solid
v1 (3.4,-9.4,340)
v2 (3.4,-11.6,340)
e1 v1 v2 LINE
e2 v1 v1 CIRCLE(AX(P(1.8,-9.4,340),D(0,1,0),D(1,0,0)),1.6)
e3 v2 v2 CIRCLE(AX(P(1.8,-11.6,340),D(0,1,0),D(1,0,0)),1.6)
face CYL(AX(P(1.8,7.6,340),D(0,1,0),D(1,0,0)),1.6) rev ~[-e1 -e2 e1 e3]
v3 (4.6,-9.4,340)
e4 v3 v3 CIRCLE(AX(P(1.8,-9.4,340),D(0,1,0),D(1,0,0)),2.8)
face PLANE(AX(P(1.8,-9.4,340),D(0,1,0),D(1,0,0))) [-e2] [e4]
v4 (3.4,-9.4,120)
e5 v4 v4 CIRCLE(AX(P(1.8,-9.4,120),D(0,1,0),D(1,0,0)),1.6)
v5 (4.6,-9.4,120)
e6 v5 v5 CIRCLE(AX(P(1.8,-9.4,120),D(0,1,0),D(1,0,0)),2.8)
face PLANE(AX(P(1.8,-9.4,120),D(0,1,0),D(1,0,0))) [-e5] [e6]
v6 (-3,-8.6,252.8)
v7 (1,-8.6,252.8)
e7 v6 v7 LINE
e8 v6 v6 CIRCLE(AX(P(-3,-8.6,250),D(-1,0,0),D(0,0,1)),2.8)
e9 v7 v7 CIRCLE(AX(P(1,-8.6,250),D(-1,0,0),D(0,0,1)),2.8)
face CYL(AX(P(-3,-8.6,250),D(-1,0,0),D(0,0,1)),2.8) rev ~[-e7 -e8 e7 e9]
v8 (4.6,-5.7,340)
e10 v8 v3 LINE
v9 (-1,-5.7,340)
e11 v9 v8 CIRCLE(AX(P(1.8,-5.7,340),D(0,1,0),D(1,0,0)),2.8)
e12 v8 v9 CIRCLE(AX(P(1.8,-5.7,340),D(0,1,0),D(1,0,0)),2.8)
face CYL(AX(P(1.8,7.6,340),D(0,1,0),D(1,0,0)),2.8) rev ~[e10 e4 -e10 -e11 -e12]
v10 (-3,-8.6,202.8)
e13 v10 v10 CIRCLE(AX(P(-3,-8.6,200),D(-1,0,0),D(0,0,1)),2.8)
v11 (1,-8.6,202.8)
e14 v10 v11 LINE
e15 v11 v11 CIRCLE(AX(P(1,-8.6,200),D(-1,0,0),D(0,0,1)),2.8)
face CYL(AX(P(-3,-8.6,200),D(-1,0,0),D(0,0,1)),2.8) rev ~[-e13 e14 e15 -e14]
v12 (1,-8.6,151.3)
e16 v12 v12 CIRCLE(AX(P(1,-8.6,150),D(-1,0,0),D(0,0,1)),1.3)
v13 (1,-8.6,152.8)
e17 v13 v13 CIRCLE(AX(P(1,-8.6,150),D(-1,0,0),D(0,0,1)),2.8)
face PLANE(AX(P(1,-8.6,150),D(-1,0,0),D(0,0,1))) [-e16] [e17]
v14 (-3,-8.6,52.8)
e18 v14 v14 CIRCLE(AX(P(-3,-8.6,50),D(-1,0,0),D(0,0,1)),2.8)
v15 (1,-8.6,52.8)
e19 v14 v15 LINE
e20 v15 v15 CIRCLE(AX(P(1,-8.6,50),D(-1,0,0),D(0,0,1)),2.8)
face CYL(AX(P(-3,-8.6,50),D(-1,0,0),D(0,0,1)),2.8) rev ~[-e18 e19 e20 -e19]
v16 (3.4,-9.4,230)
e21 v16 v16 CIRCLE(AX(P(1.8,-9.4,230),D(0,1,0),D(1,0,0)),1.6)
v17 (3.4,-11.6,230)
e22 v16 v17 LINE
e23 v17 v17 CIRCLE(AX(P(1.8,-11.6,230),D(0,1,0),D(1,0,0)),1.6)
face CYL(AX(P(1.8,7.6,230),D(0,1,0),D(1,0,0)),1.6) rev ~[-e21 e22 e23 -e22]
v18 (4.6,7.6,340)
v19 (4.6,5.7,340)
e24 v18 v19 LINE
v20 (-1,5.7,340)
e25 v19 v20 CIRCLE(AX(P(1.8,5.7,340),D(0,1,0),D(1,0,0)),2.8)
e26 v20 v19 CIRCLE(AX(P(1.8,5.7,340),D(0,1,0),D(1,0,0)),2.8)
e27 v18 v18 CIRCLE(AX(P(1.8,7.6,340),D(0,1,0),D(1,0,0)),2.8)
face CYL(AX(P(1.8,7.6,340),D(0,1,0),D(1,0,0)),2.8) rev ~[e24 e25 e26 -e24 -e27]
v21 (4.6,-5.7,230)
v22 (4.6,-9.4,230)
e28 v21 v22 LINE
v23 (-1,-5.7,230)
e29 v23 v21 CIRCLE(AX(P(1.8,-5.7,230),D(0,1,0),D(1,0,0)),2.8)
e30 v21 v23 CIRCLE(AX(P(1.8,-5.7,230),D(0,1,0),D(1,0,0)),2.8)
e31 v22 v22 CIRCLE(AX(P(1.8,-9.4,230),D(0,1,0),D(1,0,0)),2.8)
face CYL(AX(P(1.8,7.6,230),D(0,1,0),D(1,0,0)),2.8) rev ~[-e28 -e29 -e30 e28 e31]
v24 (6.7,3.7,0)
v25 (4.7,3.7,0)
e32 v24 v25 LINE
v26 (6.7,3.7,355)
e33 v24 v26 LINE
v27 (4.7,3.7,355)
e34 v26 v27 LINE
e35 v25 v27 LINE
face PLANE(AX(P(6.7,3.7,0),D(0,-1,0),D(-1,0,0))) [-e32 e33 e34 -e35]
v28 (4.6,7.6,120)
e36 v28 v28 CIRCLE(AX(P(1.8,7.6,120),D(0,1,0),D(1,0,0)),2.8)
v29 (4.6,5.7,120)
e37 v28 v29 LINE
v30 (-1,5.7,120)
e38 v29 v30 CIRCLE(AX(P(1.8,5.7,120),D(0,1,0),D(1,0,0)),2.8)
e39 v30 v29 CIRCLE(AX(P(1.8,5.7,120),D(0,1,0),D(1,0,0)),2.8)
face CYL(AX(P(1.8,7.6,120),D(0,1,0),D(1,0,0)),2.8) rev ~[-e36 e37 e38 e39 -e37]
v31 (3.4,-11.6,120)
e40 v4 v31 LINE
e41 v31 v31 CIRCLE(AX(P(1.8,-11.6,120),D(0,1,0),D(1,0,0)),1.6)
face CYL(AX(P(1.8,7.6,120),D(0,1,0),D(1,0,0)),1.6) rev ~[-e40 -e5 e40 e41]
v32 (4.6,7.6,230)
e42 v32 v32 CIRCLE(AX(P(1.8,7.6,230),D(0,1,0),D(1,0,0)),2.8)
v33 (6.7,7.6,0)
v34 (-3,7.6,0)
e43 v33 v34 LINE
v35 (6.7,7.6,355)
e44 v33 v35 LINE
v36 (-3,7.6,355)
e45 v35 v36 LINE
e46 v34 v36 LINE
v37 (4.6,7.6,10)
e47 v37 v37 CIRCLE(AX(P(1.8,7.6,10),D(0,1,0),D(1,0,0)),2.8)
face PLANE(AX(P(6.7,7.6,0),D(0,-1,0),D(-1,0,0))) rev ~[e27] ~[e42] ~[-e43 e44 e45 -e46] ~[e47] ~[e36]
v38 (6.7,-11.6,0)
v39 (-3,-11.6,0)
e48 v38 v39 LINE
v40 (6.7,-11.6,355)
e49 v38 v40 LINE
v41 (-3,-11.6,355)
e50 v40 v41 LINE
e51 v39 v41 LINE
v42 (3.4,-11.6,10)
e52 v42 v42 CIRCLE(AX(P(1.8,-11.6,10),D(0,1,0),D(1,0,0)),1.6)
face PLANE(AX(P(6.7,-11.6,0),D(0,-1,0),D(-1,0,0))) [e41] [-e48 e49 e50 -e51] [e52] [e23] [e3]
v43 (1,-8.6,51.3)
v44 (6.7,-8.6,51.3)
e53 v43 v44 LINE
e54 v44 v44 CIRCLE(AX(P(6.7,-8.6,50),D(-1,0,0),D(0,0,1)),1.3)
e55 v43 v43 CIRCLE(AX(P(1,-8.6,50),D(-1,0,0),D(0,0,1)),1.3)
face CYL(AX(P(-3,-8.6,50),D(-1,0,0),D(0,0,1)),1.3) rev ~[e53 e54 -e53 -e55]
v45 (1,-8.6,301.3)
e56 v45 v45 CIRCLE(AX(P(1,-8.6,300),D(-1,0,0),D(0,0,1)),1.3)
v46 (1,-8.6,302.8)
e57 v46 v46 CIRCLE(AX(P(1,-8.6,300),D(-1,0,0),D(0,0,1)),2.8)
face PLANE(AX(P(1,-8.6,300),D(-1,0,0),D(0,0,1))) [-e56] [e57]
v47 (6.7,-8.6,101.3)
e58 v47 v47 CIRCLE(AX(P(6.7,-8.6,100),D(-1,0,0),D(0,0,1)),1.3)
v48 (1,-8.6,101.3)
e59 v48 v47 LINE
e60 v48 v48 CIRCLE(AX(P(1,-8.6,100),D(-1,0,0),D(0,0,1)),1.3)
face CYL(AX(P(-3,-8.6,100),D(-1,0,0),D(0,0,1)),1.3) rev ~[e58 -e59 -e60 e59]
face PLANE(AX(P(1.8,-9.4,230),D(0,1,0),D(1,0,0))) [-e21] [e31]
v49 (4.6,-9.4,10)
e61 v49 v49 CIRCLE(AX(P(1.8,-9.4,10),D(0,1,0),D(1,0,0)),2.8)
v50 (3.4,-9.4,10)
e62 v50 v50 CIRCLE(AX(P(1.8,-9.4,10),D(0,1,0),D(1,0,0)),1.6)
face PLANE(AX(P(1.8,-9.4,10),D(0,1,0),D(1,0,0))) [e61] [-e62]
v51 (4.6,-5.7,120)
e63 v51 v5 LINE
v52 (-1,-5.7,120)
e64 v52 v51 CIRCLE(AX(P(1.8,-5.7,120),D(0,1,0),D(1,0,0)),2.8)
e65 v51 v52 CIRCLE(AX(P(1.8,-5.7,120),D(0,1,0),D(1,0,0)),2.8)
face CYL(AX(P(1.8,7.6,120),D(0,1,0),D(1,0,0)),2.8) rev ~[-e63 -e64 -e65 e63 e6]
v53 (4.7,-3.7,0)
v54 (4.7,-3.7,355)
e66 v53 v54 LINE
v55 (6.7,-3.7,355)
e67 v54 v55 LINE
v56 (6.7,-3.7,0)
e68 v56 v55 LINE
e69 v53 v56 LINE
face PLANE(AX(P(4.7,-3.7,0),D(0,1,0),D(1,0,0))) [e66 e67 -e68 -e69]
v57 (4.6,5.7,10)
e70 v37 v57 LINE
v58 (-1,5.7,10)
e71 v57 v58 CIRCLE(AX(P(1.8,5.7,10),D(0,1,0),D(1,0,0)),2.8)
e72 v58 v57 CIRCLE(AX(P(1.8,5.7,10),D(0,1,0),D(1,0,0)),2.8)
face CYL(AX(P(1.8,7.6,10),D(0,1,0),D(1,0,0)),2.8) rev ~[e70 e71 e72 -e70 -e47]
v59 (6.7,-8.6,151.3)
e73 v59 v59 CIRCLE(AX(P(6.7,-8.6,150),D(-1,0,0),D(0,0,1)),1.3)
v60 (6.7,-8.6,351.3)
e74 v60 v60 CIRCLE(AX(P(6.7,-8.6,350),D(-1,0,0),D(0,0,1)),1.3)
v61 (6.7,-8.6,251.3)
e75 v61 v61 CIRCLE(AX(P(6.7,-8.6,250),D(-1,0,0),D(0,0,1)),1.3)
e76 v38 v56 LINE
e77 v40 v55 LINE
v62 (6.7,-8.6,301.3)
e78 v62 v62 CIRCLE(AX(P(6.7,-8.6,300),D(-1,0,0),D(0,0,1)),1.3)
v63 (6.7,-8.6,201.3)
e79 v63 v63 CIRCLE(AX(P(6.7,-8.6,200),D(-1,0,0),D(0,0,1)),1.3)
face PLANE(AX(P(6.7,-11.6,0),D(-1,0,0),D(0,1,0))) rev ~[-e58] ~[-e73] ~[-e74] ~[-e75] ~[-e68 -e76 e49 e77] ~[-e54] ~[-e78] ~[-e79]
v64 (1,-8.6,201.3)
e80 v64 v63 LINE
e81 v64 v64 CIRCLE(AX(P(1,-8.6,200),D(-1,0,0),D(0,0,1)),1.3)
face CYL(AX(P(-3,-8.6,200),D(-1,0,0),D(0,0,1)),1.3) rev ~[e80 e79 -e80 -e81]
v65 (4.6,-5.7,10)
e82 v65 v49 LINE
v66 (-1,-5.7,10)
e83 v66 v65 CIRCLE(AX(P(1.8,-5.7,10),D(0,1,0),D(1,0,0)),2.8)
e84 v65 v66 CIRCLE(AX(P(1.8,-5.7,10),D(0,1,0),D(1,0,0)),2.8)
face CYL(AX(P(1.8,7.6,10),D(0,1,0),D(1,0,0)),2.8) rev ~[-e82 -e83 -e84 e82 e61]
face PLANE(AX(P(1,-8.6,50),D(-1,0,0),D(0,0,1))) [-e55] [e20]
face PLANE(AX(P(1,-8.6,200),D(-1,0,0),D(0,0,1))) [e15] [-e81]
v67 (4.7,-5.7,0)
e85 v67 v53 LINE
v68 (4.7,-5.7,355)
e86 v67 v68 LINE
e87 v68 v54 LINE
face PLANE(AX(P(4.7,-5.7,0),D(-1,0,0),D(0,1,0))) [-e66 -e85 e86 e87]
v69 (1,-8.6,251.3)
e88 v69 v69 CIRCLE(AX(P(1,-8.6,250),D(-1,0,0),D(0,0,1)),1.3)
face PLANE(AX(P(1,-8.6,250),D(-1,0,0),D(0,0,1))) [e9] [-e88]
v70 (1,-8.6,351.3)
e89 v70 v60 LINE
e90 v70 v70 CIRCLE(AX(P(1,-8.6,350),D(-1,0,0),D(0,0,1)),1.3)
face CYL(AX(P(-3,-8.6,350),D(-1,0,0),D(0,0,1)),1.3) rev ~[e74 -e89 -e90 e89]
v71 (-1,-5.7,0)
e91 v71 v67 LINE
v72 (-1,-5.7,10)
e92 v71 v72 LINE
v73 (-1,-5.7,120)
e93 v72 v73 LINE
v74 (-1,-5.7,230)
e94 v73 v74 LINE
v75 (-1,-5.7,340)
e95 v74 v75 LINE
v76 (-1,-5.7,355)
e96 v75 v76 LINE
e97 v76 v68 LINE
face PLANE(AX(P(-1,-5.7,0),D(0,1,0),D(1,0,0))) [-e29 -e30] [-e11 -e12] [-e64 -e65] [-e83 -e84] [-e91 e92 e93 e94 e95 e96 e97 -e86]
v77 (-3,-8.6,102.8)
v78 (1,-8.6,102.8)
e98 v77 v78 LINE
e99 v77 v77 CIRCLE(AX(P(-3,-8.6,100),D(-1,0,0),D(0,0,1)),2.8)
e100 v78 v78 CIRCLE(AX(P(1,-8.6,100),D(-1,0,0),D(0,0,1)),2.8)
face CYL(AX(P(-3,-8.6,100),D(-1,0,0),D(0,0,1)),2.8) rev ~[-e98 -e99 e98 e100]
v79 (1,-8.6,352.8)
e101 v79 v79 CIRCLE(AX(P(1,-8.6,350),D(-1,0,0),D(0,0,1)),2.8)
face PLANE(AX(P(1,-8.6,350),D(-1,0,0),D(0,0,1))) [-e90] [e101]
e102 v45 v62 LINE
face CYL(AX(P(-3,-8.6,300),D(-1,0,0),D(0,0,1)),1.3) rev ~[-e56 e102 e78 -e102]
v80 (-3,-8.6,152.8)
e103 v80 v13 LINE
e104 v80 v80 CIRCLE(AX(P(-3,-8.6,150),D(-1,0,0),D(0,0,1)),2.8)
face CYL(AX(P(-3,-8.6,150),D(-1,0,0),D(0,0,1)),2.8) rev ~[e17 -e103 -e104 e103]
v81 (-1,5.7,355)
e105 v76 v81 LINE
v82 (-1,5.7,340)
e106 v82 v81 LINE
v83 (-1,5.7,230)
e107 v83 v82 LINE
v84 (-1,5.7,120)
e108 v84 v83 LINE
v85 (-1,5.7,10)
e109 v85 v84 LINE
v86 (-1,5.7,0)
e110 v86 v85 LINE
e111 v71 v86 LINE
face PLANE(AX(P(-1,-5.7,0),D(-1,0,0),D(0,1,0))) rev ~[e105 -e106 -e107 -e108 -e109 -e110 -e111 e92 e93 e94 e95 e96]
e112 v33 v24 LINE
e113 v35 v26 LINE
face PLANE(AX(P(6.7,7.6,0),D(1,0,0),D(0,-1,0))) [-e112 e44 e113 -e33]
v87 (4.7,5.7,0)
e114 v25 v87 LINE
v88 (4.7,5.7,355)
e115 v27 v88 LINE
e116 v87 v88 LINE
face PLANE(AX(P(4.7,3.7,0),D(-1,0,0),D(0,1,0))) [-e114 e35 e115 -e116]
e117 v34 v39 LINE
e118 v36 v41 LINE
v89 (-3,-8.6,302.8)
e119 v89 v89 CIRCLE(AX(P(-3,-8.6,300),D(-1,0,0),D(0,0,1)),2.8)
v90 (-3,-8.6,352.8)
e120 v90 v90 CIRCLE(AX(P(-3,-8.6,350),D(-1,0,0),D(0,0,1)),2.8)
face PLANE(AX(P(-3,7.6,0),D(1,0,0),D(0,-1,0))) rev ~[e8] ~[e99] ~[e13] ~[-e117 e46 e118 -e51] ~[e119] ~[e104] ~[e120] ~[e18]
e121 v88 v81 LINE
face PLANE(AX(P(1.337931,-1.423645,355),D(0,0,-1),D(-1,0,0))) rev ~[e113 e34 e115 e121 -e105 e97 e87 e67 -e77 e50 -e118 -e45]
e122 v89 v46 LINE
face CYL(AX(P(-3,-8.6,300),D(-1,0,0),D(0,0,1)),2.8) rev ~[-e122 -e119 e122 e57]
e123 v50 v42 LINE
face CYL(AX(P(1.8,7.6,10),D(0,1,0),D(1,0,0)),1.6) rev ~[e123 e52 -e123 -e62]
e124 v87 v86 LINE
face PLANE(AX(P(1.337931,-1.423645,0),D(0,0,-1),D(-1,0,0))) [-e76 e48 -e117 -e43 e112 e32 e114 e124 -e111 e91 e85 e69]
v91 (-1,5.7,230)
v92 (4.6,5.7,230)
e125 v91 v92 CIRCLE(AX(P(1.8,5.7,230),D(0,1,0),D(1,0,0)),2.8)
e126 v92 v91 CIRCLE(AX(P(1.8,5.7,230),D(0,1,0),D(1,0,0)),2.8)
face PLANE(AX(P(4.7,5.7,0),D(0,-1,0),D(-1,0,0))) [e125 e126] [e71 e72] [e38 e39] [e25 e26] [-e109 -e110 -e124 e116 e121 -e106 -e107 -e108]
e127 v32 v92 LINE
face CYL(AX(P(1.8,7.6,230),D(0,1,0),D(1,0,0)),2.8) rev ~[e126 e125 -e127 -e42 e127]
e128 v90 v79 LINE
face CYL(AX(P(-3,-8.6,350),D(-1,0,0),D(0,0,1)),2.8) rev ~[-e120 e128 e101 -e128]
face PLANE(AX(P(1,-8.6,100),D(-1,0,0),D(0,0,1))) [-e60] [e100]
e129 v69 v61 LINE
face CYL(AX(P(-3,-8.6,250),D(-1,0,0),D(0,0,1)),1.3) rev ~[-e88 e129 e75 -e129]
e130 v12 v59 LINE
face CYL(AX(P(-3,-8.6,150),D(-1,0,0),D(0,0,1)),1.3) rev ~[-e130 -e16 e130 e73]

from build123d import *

# Parameters (mm, degrees)
EXTRUDE_1_DEPTH          = 355
SKETCH_2_R               = 1.3
CUT_EXTRUDE_1_DEPTH      = 1
CUT_EXTRUDE_1_DEPTH_BACK = 10.7
SKETCH_2_3_R             = 2.8
SKETCH_2_3_R_2           = 1.3
CUT_EXTRUDE_2_DEPTH      = 1
CUT_EXTRUDE_2_DEPTH_BACK = 4
SKETCH_13_R              = 2.8
SKETCH_13_R_2            = 1.6
CUT_EXTRUDE_11_DEPTH     = 17
SKETCH_13_4_R            = 1.6
CUT_EXTRUDE_12_DEPTH     = 20.2


with BuildPart() as part:
    # 草图1 → 凸台-拉伸1 (new body)
    with BuildSketch(Plane.XY):
        Polygon((-3, 0), (-3, 5.6), (-3, 7.6), (2.6, 7.6), (6.7, 7.6), (6.7, 3.7), (4.7, 3.7), (4.7, 5.7), (-1, 5.7), (-1, 0), (-1, -5.7), (4.7, -5.7), (4.7, -3.7), (6.7, -3.7), (6.7, -7.6), (6.7, -11.6), (-3, -11.6), (-3, -7.6), (-3, -5.6), align=None)
    extrude(amount=EXTRUDE_1_DEPTH)

    # 草图2 → 切除-拉伸1 (cut, two sides)
    with BuildSketch(Plane.ZY.offset(3)) as cut_extrude_1_sk:
        with Locations((150, -8.6)):
            Circle(SKETCH_2_R)
        with Locations((100, -8.6)):
            Circle(SKETCH_2_R)
        with Locations((50, -8.6)):
            Circle(SKETCH_2_R)
        with Locations((200, -8.6)):
            Circle(SKETCH_2_R)
        with Locations((250, -8.6)):
            Circle(SKETCH_2_R)
        with Locations((300, -8.6)):
            Circle(SKETCH_2_R)
        with Locations((350, -8.6)):
            Circle(SKETCH_2_R)
    extrude(amount=CUT_EXTRUDE_1_DEPTH, mode=Mode.SUBTRACT)
    extrude(cut_extrude_1_sk.sketch, amount=-CUT_EXTRUDE_1_DEPTH_BACK, mode=Mode.SUBTRACT)

    # 草图2<3> → 切除-拉伸2 (cut, two sides)
    with BuildSketch(Plane.ZY.offset(3)) as cut_extrude_2_sk:
        with Locations((200, -8.6)):
            Circle(SKETCH_2_3_R)
        with Locations((200, -8.6)):
            Circle(SKETCH_2_3_R_2, mode=Mode.SUBTRACT)
        with Locations((250, -8.6)):
            Circle(SKETCH_2_3_R)
        with Locations((250, -8.6)):
            Circle(SKETCH_2_3_R_2, mode=Mode.SUBTRACT)
        with Locations((150, -8.6)):
            Circle(SKETCH_2_3_R)
        with Locations((150, -8.6)):
            Circle(SKETCH_2_3_R_2, mode=Mode.SUBTRACT)
        with Locations((100, -8.6)):
            Circle(SKETCH_2_3_R)
        with Locations((100, -8.6)):
            Circle(SKETCH_2_3_R_2, mode=Mode.SUBTRACT)
        with Locations((50, -8.6)):
            Circle(SKETCH_2_3_R)
        with Locations((50, -8.6)):
            Circle(SKETCH_2_3_R_2, mode=Mode.SUBTRACT)
        with Locations((300, -8.6)):
            Circle(SKETCH_2_3_R)
        with Locations((300, -8.6)):
            Circle(SKETCH_2_3_R_2, mode=Mode.SUBTRACT)
        with Locations((350, -8.6)):
            Circle(SKETCH_2_3_R)
        with Locations((350, -8.6)):
            Circle(SKETCH_2_3_R_2, mode=Mode.SUBTRACT)
    extrude(amount=CUT_EXTRUDE_2_DEPTH, mode=Mode.SUBTRACT)
    extrude(cut_extrude_2_sk.sketch, amount=-CUT_EXTRUDE_2_DEPTH_BACK, mode=Mode.SUBTRACT)

    # 草图13 → 切除-拉伸11 (cut)
    with BuildSketch(Plane(origin=(0, 7.6, 0), x_dir=(1, 0, 0), z_dir=(0, 1, 0))):
        with Locations((1.8, -10)):
            Circle(SKETCH_13_R)
        with Locations((1.8, -10)):
            Circle(SKETCH_13_R_2, mode=Mode.SUBTRACT)
        with Locations((1.8, -120)):
            Circle(SKETCH_13_R)
        with Locations((1.8, -120)):
            Circle(SKETCH_13_R_2, mode=Mode.SUBTRACT)
        with Locations((1.8, -230)):
            Circle(SKETCH_13_R)
        with Locations((1.8, -230)):
            Circle(SKETCH_13_R_2, mode=Mode.SUBTRACT)
        with Locations((1.8, -340)):
            Circle(SKETCH_13_R)
        with Locations((1.8, -340)):
            Circle(SKETCH_13_R_2, mode=Mode.SUBTRACT)
    extrude(amount=-CUT_EXTRUDE_11_DEPTH, mode=Mode.SUBTRACT)

    # 草图13<4> → 切除-拉伸12 (cut, through all)
    with BuildSketch(Plane(origin=(0, 7.6, 0), x_dir=(1, 0, 0), z_dir=(0, 1, 0))):
        with Locations((1.8, -340)):
            Circle(SKETCH_13_4_R)
        with Locations((1.8, -230)):
            Circle(SKETCH_13_4_R)
        with Locations((1.8, -120)):
            Circle(SKETCH_13_4_R)
        with Locations((1.8, -10)):
            Circle(SKETCH_13_4_R)
    extrude(amount=-CUT_EXTRUDE_12_DEPTH, mode=Mode.SUBTRACT)


solid = part.part
